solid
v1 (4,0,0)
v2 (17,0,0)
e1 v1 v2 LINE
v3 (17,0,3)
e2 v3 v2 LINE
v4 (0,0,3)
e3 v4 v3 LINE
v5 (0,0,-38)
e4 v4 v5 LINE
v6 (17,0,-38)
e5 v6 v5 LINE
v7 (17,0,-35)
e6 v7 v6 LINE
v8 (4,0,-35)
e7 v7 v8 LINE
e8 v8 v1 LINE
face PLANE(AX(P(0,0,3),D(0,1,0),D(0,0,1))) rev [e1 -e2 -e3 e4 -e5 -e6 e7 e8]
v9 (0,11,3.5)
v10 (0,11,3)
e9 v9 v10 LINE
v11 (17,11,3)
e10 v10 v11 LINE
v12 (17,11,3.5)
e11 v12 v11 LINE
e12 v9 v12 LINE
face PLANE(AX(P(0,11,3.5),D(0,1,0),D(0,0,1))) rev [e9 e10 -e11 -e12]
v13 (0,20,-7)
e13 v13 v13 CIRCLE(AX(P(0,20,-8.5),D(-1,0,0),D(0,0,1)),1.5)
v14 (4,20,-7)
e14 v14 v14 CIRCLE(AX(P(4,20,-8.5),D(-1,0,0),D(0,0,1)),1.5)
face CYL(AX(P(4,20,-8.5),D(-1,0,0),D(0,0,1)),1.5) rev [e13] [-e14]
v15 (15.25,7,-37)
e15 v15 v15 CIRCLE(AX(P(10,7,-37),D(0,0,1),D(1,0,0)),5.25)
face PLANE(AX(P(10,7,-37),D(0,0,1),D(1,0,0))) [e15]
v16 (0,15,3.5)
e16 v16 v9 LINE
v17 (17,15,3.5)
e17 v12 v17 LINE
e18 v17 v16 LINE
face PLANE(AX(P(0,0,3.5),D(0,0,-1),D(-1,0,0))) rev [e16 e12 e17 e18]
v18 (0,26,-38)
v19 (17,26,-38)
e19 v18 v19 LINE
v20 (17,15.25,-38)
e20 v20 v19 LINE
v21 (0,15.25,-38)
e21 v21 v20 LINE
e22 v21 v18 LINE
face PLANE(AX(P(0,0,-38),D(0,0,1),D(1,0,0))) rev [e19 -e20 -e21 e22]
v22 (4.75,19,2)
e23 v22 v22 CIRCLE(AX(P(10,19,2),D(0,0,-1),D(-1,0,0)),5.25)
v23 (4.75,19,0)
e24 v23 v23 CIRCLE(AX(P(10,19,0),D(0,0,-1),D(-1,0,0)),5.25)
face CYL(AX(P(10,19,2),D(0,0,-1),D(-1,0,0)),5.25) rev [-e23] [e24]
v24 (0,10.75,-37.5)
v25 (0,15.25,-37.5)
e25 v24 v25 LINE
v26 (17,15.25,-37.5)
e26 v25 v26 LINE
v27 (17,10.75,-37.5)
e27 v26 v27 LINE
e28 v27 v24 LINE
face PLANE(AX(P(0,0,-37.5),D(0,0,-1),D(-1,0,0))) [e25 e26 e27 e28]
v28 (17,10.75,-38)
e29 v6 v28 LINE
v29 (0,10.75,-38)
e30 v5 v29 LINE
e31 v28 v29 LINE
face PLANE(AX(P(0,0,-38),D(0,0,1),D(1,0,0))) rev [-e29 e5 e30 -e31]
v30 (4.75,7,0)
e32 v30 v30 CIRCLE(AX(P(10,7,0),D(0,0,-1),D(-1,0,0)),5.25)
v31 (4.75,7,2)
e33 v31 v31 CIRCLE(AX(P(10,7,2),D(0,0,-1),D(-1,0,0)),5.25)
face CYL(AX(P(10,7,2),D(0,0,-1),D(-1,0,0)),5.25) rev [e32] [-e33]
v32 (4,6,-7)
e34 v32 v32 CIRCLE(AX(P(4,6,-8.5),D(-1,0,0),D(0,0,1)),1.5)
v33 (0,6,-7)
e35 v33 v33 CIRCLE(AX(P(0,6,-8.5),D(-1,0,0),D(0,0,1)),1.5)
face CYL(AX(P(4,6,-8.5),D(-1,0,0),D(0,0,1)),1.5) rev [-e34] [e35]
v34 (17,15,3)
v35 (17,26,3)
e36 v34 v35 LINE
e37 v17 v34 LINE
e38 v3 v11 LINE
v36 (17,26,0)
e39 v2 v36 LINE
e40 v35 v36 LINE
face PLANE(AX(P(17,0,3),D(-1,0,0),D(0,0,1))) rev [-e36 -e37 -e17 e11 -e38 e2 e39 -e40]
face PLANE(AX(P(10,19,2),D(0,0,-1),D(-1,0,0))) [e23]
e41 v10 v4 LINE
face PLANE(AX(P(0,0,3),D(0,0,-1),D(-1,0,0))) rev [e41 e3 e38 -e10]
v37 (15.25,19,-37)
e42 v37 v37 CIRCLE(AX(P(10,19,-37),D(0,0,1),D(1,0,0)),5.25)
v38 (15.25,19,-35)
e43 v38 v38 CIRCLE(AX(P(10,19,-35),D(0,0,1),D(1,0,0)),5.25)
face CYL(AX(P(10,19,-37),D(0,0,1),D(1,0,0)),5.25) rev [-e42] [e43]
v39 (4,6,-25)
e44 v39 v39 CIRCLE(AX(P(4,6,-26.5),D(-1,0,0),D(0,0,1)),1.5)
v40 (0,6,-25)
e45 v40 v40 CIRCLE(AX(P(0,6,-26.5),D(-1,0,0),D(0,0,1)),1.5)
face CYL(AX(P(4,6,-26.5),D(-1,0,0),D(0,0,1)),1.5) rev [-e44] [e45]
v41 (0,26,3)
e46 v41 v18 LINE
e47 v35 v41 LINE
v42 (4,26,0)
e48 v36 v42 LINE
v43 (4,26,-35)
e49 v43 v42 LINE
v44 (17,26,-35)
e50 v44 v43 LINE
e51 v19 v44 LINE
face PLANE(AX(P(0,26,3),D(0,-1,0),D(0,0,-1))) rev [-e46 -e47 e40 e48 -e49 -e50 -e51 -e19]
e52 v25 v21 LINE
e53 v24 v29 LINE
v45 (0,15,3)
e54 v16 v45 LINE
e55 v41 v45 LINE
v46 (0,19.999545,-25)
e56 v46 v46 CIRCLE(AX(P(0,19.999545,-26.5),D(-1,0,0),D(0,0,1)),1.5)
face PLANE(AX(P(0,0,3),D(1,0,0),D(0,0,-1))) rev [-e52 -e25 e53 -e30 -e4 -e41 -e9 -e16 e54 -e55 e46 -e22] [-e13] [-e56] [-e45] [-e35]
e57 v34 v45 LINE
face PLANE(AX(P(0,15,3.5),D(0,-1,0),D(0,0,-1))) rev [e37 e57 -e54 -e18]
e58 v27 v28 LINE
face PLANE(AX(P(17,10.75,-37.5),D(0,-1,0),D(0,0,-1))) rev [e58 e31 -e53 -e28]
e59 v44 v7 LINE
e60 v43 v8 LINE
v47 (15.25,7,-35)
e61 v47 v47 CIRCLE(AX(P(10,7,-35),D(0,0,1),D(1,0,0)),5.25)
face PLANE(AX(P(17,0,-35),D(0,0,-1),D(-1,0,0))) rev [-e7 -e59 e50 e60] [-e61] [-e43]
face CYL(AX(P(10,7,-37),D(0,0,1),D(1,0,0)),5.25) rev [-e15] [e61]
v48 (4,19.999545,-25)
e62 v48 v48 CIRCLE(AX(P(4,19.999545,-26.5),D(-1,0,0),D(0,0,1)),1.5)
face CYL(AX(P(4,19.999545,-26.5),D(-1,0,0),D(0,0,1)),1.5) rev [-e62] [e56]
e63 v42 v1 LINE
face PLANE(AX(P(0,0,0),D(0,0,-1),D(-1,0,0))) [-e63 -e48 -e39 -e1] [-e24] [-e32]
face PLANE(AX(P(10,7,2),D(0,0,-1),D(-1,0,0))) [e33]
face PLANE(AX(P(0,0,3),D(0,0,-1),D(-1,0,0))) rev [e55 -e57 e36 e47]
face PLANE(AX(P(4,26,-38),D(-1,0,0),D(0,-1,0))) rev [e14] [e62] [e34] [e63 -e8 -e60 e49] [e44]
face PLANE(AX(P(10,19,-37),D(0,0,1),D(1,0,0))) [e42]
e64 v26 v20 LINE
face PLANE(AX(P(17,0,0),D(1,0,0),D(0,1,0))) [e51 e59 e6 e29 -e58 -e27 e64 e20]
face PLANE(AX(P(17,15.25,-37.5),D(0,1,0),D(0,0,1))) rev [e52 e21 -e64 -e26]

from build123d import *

# Parameters (mm, degrees)
ESQUISSE1_W             = 17
ESQUISSE1_H             = 26
BOSS_EXTRU_1_DEPTH      = 3
ESQUISSE3_W             = 4
ESQUISSE3_H             = 26
BOSS_EXTRU_2_DEPTH      = 38
ESQUISSE4_R             = 1.5
ENL_V_MAT_EXTRU_2_DEPTH = 4
ESQUISSE5_R             = 1.5
ENL_V_MAT_EXTRU_3_DEPTH = 4
ESQUISSE6_W             = 3
ESQUISSE6_H             = 26
BOSS_EXTRU_3_DEPTH      = 13
ESQUISSE8_R             = 5.25
ENL_V_MAT_EXTRU_4_DEPTH = 2
ENL_V_START             = -2
ESQUISSE9_R             = 5.25
ENL_V_MAT_EXTRU_5_DEPTH = 2
ESQUISSE10_W            = 17
ESQUISSE10_H            = 4
BOSS_EXTRU_5_DEPTH      = 0.5
ESQUISSE11_W            = 17
ESQUISSE11_H            = 4.5
ENL_V_MAT_EXTRU_6_DEPTH = 0.5


with BuildPart() as part:
    # Esquisse1 → Boss.-Extru.1 (new body)
    with BuildSketch(Plane.XY):
        with Locations((8.5, 13)):
            Rectangle(ESQUISSE1_W, ESQUISSE1_H)
    extrude(amount=BOSS_EXTRU_1_DEPTH)

    # Esquisse3 → Boss.-Extru.2 (add)
    with BuildSketch(Plane(origin=(0, 0, 0), x_dir=(-1, 0, 0), z_dir=(0, 0, -1))):
        with Locations((-2, 13)):
            Rectangle(ESQUISSE3_W, ESQUISSE3_H)
    extrude(amount=BOSS_EXTRU_2_DEPTH)

    # Esquisse4 → Enlèv. mat.-Extru.2 (cut)
    with BuildSketch(Plane.ZY):
        with Locations((-8.5, 20)):
            Circle(ESQUISSE4_R)
        with Locations((-8.5, 6)):
            Circle(ESQUISSE4_R)
    extrude(amount=-ENL_V_MAT_EXTRU_2_DEPTH, mode=Mode.SUBTRACT)

    # Esquisse5 → Enlèv. mat.-Extru.3 (cut)
    with BuildSketch(Plane.ZY):
        with Locations((-26.5, 19.999545392)):
            Circle(ESQUISSE5_R)
        with Locations((-26.5, 6)):
            Circle(ESQUISSE5_R)
    extrude(amount=-ENL_V_MAT_EXTRU_3_DEPTH, mode=Mode.SUBTRACT)

    # Esquisse6 → Boss.-Extru.3 (add)
    with BuildSketch(Plane(origin=(4, 0, 0), x_dir=(0, 0, -1), z_dir=(1, 0, 0))):
        with Locations((36.5, 13)):
            Rectangle(ESQUISSE6_W, ESQUISSE6_H)
    extrude(amount=BOSS_EXTRU_3_DEPTH)

    # Esquisse8 → Enlèv. mat.-Extru.4 (cut)
    with BuildSketch(Plane(origin=(0, 0, 0), x_dir=(-1, 0, 0), z_dir=(0, 0, -1))):
        with Locations((-10, 7)):
            Circle(ESQUISSE8_R)
        with Locations((-10, 19)):
            Circle(ESQUISSE8_R)
    extrude(amount=-ENL_V_MAT_EXTRU_4_DEPTH, mode=Mode.SUBTRACT)

    # Esquisse9 → Enlèv. mat.-Extru.5 (cut)
    with BuildSketch(Plane.XY.offset(-35).offset(ENL_V_START)):
        with Locations(Location((10, 19, 0), (0, 0, 180))):
            Circle(ESQUISSE9_R)
        with Locations(Location((10, 7, 0), (0, 0, 180))):
            Circle(ESQUISSE9_R)
    extrude(amount=ENL_V_MAT_EXTRU_5_DEPTH, mode=Mode.SUBTRACT)

    # Esquisse10 → Boss.-Extru.5 (add)
    with BuildSketch(Plane.XY.offset(3)):
        with Locations((8.5, 13)):
            Rectangle(ESQUISSE10_W, ESQUISSE10_H)
    extrude(amount=BOSS_EXTRU_5_DEPTH)

    # Esquisse11 → Enlèv. mat.-Extru.6 (cut)
    with BuildSketch(Plane(origin=(0, 0, -38), x_dir=(-1, 0, 0), z_dir=(0, 0, -1))):
        with Locations((-8.5, 13)):
            Rectangle(ESQUISSE11_W, ESQUISSE11_H)
    extrude(amount=-ENL_V_MAT_EXTRU_6_DEPTH, mode=Mode.SUBTRACT)


solid = part.part
